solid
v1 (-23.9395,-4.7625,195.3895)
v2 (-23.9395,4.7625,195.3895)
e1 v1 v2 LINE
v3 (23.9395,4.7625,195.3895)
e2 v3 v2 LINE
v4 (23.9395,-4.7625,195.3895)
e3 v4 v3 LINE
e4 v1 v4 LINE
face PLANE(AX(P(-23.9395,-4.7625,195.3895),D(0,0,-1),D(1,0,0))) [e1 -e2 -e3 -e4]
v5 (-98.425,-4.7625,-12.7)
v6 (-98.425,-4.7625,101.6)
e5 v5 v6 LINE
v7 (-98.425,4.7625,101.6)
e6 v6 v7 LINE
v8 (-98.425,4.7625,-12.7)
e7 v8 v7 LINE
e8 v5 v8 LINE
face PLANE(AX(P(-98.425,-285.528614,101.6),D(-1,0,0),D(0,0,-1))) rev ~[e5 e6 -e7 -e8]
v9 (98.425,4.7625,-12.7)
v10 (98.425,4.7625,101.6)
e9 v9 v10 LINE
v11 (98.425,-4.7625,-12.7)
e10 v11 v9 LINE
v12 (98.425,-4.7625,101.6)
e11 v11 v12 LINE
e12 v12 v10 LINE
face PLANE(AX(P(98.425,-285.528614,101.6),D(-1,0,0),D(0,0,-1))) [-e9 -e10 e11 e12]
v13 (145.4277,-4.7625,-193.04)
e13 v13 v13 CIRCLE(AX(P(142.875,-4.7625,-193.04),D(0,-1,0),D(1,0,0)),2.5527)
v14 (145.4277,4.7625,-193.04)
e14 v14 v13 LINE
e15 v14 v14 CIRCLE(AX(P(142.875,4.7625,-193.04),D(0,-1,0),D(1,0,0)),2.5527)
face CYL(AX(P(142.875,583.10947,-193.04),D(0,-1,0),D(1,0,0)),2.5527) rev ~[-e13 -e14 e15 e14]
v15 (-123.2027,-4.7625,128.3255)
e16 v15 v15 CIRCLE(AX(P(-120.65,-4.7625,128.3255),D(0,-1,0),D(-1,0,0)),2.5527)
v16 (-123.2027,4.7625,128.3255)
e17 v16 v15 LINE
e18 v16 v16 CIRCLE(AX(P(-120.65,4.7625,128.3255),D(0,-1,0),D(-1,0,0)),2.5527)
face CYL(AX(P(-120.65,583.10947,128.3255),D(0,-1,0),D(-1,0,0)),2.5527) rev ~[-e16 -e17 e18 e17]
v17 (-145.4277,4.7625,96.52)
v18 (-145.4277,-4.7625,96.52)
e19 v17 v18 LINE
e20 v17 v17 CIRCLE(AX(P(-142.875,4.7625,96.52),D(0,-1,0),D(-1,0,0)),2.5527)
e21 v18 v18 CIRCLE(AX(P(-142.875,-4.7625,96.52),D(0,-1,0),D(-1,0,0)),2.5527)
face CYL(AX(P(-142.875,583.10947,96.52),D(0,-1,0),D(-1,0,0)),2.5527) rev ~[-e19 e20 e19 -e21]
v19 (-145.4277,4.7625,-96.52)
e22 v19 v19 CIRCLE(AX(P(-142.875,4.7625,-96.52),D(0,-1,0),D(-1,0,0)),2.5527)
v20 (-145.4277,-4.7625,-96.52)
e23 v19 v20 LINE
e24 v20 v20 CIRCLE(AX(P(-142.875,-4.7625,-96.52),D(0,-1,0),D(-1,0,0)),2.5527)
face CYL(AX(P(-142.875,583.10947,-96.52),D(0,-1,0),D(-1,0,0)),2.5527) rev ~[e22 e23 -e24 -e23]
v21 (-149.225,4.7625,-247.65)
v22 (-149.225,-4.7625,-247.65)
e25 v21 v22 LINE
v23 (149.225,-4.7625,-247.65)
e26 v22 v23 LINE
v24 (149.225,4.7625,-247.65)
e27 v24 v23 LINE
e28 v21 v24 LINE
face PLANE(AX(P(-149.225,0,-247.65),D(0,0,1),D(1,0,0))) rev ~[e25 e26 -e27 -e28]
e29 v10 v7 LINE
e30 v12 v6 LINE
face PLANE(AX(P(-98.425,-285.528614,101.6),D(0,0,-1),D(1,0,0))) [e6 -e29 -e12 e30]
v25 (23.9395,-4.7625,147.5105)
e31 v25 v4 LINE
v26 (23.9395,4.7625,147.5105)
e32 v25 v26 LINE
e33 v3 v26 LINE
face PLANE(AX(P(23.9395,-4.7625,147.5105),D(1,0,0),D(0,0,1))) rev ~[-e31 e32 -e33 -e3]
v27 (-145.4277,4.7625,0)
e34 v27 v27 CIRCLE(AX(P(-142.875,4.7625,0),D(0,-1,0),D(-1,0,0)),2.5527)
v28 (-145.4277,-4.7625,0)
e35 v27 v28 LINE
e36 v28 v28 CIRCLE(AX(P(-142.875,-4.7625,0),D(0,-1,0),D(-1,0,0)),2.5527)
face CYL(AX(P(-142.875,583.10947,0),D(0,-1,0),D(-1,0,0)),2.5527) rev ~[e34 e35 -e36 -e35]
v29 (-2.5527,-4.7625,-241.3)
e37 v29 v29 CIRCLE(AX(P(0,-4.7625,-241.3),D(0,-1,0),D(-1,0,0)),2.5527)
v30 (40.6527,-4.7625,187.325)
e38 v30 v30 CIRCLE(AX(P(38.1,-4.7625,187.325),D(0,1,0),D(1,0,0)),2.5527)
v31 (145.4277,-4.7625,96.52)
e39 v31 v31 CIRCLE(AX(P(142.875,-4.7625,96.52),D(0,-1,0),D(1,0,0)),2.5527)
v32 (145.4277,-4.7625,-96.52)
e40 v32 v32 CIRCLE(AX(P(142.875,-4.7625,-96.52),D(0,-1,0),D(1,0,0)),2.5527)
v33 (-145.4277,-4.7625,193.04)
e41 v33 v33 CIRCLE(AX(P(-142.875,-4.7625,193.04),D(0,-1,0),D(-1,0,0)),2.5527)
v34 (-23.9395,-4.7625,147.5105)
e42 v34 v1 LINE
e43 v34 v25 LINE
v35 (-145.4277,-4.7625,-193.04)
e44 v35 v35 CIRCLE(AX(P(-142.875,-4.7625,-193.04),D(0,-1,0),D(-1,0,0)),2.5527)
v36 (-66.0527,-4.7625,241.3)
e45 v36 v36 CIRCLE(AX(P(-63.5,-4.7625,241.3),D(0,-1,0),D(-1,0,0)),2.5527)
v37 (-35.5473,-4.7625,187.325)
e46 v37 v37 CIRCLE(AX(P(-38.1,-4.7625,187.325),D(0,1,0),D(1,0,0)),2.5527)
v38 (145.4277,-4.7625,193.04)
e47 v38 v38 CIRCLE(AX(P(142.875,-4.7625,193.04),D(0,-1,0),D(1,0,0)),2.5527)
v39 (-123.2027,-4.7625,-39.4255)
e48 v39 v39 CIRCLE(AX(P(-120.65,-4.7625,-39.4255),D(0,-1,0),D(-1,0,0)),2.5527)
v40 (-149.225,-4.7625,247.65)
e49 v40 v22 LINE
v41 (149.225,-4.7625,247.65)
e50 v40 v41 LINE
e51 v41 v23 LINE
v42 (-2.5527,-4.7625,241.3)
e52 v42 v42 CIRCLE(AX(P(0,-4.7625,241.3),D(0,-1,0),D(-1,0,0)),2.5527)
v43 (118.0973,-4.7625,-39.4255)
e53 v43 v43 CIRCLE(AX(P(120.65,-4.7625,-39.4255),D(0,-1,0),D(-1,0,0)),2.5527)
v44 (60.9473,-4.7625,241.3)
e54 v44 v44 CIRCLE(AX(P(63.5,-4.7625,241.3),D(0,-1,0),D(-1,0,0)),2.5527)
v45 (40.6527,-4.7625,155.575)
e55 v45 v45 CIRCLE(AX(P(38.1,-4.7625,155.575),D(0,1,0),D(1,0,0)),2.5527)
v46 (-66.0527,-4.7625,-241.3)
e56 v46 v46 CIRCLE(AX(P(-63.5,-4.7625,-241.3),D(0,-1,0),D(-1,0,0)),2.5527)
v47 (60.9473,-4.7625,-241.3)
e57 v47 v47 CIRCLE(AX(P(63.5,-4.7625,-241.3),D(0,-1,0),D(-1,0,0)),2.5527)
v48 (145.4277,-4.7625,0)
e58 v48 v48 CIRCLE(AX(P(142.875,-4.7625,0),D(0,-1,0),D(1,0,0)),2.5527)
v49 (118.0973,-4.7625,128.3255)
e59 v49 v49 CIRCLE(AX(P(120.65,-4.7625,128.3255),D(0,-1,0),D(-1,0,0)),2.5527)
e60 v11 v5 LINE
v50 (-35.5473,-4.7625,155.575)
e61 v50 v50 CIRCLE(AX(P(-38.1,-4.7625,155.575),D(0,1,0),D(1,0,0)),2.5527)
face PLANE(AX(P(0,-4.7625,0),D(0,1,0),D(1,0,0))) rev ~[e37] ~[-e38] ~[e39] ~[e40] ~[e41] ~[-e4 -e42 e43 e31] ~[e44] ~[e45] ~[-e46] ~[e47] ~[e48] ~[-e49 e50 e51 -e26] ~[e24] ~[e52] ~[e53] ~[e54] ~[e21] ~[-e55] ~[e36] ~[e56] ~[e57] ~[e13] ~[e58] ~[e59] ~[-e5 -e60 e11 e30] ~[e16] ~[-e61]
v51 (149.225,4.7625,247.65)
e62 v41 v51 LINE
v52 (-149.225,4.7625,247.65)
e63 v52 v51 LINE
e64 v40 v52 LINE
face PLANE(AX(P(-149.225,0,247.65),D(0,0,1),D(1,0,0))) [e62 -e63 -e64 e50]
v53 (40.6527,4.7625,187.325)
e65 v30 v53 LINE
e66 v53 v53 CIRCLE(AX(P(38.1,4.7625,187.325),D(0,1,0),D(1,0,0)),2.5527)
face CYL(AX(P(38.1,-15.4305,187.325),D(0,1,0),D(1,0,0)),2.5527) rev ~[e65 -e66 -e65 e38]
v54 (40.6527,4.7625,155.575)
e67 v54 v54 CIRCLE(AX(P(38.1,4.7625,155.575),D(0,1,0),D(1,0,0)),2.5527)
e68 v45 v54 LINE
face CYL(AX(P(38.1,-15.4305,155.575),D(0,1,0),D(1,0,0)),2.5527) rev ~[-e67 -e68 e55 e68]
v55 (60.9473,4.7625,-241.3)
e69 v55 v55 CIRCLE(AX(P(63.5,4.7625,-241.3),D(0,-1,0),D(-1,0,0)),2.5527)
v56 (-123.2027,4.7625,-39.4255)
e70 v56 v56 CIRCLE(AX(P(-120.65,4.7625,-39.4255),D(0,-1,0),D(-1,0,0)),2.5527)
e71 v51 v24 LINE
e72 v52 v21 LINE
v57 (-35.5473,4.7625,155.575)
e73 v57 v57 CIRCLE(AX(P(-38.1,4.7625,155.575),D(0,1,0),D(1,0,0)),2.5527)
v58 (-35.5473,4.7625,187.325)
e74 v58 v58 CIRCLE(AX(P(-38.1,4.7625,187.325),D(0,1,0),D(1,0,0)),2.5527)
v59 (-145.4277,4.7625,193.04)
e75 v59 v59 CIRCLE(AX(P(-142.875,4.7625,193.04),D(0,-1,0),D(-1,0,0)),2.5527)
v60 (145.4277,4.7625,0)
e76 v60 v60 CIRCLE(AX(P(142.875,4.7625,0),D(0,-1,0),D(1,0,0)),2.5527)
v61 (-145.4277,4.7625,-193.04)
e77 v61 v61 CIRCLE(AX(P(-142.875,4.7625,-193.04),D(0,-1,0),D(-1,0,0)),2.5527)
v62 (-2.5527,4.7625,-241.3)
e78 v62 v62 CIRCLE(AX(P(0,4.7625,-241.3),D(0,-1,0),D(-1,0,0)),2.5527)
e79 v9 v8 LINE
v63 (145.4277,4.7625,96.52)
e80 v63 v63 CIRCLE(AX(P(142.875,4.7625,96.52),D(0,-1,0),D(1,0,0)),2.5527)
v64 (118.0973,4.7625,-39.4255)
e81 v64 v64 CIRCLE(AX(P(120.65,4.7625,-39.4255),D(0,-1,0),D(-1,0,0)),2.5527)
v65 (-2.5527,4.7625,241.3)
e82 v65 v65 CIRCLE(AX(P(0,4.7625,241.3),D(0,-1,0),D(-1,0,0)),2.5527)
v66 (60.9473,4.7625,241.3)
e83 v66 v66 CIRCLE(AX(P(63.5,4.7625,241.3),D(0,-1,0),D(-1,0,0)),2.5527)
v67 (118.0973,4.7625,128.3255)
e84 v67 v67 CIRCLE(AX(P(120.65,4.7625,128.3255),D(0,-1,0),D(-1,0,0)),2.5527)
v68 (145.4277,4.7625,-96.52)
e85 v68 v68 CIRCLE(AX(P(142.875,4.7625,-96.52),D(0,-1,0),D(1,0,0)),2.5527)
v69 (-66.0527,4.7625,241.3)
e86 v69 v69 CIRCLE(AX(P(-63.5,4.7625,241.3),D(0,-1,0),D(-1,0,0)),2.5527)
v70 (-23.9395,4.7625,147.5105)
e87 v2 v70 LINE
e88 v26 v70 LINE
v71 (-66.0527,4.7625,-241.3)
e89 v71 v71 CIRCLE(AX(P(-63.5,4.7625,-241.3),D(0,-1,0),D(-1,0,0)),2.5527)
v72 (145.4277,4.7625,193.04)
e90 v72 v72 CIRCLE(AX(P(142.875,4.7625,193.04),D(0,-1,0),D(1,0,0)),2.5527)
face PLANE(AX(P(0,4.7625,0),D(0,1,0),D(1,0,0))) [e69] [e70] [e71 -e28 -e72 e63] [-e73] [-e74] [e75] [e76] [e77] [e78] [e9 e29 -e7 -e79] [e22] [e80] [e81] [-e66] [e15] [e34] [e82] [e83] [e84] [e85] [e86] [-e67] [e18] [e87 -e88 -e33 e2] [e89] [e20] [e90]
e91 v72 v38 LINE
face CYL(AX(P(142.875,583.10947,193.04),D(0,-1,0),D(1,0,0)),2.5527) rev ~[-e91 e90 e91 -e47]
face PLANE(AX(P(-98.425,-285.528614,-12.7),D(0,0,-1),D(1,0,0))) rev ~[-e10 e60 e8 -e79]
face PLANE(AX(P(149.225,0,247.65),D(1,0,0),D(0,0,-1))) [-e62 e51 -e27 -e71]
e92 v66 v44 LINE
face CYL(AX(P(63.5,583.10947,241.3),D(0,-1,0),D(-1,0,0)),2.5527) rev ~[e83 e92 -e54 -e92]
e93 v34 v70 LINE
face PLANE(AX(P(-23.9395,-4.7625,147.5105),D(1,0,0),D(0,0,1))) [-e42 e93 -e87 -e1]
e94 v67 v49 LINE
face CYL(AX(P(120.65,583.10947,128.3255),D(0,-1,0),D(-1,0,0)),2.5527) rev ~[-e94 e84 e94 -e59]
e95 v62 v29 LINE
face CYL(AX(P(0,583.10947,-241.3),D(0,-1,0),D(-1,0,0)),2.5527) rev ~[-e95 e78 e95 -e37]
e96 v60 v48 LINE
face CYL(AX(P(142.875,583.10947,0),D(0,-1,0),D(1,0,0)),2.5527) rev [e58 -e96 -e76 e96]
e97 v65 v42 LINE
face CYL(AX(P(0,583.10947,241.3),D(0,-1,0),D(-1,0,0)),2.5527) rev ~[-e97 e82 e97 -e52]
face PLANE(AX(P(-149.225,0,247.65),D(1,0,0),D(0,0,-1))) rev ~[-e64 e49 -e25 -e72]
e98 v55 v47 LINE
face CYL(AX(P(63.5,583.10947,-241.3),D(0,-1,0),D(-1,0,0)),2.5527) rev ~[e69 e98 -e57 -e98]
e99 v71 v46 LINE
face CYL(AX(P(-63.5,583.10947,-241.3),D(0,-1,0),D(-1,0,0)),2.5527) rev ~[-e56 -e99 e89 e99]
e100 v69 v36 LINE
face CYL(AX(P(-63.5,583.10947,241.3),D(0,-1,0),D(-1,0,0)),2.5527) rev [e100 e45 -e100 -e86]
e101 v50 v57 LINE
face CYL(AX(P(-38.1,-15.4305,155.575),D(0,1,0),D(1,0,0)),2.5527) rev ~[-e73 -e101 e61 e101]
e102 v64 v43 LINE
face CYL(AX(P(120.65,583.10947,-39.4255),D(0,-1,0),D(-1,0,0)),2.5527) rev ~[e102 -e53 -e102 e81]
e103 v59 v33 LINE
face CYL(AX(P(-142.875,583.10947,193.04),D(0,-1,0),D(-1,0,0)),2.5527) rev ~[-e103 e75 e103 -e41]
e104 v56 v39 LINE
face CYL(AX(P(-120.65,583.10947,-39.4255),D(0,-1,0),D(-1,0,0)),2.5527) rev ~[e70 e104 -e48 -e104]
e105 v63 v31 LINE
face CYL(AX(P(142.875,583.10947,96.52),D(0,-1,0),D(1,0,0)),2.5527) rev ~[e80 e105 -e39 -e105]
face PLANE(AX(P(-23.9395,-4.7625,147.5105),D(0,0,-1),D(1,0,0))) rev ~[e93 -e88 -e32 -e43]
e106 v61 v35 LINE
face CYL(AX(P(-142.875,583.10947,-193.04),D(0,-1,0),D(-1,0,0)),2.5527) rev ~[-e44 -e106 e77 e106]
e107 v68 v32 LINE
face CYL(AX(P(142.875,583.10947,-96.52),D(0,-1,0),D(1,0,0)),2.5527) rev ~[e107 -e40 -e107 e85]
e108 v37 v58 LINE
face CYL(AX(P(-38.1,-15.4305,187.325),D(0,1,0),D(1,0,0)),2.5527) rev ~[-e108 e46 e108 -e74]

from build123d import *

# Parameters (mm, degrees)
SKETCH1_W                  = 298.45
SKETCH1_H                  = 495.3
BOSS_EXTRUDE1_DEPTH        = 4.7625
CUT_EXTRUDE1_DEPTH         = 290.291114191
CUT_EXTRUDE1_DEPTH_BACK    = 290.291114191
SKETCH3_W                  = 196.85
SKETCH3_H                  = 114.3
SKETCH20_W                 = 47.879
SKETCH20_H                 = 47.879
CUT_EXTRUDE5_DEPTH         = 290.291114191
F_10_CLEARANCE_HOLE1_D     = 5.1054
F_10_CLEARANCE_HOLE1_DEPTH = 10.668
F_10_CLEARANCE_HOLE1_TIP   = 1.533816902
F_10_CLEARANCE_HOLE4_D     = 5.1054
LPATTERN3_COUNT            = 3
LPATTERN3_PITCH            = 63.5
MIRROR2_COPY_1_D           = 5.1054
MIRROR2_COPY_2_D           = 5.1054
F_10_CLEARANCE_HOLE5_D     = 5.1054
LPATTERN4_COUNT            = 3
LPATTERN4_PITCH            = 96.52
LPATTERN4_COL_COUNT        = 3
LPATTERN4_COL_PITCH        = 96.52
MIRROR3_COPY_1_D           = 5.1054
MIRROR3_COPY_2_D           = 5.1054
MIRROR3_COPY_3_D           = 5.1054
MIRROR3_COPY_4_D           = 5.1054
F_10_CLEARANCE_HOLE6_D     = 5.1054


with BuildPart() as part:
    # Sketch1 → Boss-Extrude1 (new, symmetric)
    with BuildSketch(Plane(origin=(0, 0, 0), x_dir=(1, 0, 0), z_dir=(0, 1, 0))):
        Rectangle(SKETCH1_W, SKETCH1_H)
    extrude(amount=BOSS_EXTRUDE1_DEPTH, both=True)

    # Sketch3 → Cut-Extrude1 (cut, two sides: drawn at the far end of the back side and taken through both)
    with BuildSketch(Plane(origin=(0, 4.7625, 0), x_dir=(1, 0, 0), z_dir=(0, 1, 0)).offset(-CUT_EXTRUDE1_DEPTH_BACK)):
        with Locations((0, -44.45)):
            Rectangle(SKETCH3_W, SKETCH3_H)
    extrude(amount=CUT_EXTRUDE1_DEPTH + CUT_EXTRUDE1_DEPTH_BACK, mode=Mode.SUBTRACT)

    # Sketch20 → Cut-Extrude5 (cut, through all)
    with BuildSketch(Plane.XZ.offset(4.7625)):
        with Locations((0, 171.45)):
            Rectangle(SKETCH20_W, SKETCH20_H)
    extrude(amount=-CUT_EXTRUDE5_DEPTH, mode=Mode.SUBTRACT)

    # #10 Clearance Hole1
    with Locations(Plane(origin=(0, -4.7625, 0), x_dir=(-1, 0, 0), z_dir=(0, -1, 0))):
        with Locations((-38.1, -155.575), (38.1, -155.575), (38.1, -187.325), (-38.1, -187.325)):
            Hole(F_10_CLEARANCE_HOLE1_D / 2, depth=F_10_CLEARANCE_HOLE1_DEPTH)
            with Locations((0, 0, -(F_10_CLEARANCE_HOLE1_DEPTH + F_10_CLEARANCE_HOLE1_TIP / 2))):  # 118° drill point
                Cone(0, F_10_CLEARANCE_HOLE1_D / 2, F_10_CLEARANCE_HOLE1_TIP, mode=Mode.SUBTRACT)

    # #10 Clearance Hole4 (through all)
    with Locations(Plane(origin=(0, 4.7625, 0), x_dir=(1, 0, 0), z_dir=(0, 1, 0))):
        with Locations((-63.5, 241.3)):
            f_10_clearance_hole4 = Hole(F_10_CLEARANCE_HOLE4_D / 2)

    # LPattern3: #10 Clearance Hole4 ×3
    with Locations(*[(i * LPATTERN3_PITCH, 0, 0) for i in range(1, LPATTERN3_COUNT)]):
        add(f_10_clearance_hole4, mode=Mode.SUBTRACT)

    # Mirror2: #10 Clearance Hole4 across plane
    add(f_10_clearance_hole4.mirror(Plane.XY), mode=Mode.SUBTRACT)

    # Mirror2 copy 1 (through all)
    with Locations(Plane(origin=(63.5, 4.7625, 0), x_dir=(1, 0, 0), z_dir=(0, 1, 0))):
        with Locations((-63.5, -241.3)):
            Hole(MIRROR2_COPY_1_D / 2)

    # Mirror2 copy 2 (through all)
    with Locations(Plane(origin=(127, 4.7625, 0), x_dir=(1, 0, 0), z_dir=(0, 1, 0))):
        with Locations((-63.5, -241.3)):
            Hole(MIRROR2_COPY_2_D / 2)

    # #10 Clearance Hole5 (through all)
    with Locations(Plane(origin=(0, 4.7625, 0), x_dir=(1, 0, 0), z_dir=(0, 1, 0))):
        with Locations((-142.875, 0)):
            f_10_clearance_hole5 = Hole(F_10_CLEARANCE_HOLE5_D / 2)

    # LPattern4: #10 Clearance Hole5 ×3
    with Locations(*[(0, 0, -i * LPATTERN4_PITCH) for i in range(1, LPATTERN4_COUNT)]):
        add(f_10_clearance_hole5, mode=Mode.SUBTRACT)

    # LPattern4 col: #10 Clearance Hole5 ×3
    with Locations(*[(0, 0, i * LPATTERN4_COL_PITCH) for i in range(1, LPATTERN4_COL_COUNT)]):
        add(f_10_clearance_hole5, mode=Mode.SUBTRACT)

    # Mirror3: #10 Clearance Hole5 across plane
    add(f_10_clearance_hole5.mirror(Plane(origin=(0, 0, 0), x_dir=(0, 0, 1), z_dir=(1, 0, 0))), mode=Mode.SUBTRACT)

    # Mirror3 copy 1 (through all)
    with Locations(Plane(origin=(0, 4.7625, -96.52), x_dir=(-1, 0, 0), z_dir=(0, 1, 0))):
        with Locations((-142.875, 0)):
            Hole(MIRROR3_COPY_1_D / 2)

    # Mirror3 copy 2 (through all)
    with Locations(Plane(origin=(0, 4.7625, -193.04), x_dir=(-1, 0, 0), z_dir=(0, 1, 0))):
        with Locations((-142.875, 0)):
            Hole(MIRROR3_COPY_2_D / 2)

    # Mirror3 copy 3 (through all)
    with Locations(Plane(origin=(0, 4.7625, 96.52), x_dir=(-1, 0, 0), z_dir=(0, 1, 0))):
        with Locations((-142.875, 0)):
            Hole(MIRROR3_COPY_3_D / 2)

    # Mirror3 copy 4 (through all)
    with Locations(Plane(origin=(0, 4.7625, 193.04), x_dir=(-1, 0, 0), z_dir=(0, 1, 0))):
        with Locations((-142.875, 0)):
            Hole(MIRROR3_COPY_4_D / 2)

    # #10 Clearance Hole6 (through all)
    with Locations(Plane(origin=(0, 4.7625, 0), x_dir=(1, 0, 0), z_dir=(0, 1, 0))):
        with Locations((120.65, 39.4255), (120.65, -128.3255), (-120.65, -128.3255), (-120.65, 39.4255)):
            Hole(F_10_CLEARANCE_HOLE6_D / 2)


solid = part.part
